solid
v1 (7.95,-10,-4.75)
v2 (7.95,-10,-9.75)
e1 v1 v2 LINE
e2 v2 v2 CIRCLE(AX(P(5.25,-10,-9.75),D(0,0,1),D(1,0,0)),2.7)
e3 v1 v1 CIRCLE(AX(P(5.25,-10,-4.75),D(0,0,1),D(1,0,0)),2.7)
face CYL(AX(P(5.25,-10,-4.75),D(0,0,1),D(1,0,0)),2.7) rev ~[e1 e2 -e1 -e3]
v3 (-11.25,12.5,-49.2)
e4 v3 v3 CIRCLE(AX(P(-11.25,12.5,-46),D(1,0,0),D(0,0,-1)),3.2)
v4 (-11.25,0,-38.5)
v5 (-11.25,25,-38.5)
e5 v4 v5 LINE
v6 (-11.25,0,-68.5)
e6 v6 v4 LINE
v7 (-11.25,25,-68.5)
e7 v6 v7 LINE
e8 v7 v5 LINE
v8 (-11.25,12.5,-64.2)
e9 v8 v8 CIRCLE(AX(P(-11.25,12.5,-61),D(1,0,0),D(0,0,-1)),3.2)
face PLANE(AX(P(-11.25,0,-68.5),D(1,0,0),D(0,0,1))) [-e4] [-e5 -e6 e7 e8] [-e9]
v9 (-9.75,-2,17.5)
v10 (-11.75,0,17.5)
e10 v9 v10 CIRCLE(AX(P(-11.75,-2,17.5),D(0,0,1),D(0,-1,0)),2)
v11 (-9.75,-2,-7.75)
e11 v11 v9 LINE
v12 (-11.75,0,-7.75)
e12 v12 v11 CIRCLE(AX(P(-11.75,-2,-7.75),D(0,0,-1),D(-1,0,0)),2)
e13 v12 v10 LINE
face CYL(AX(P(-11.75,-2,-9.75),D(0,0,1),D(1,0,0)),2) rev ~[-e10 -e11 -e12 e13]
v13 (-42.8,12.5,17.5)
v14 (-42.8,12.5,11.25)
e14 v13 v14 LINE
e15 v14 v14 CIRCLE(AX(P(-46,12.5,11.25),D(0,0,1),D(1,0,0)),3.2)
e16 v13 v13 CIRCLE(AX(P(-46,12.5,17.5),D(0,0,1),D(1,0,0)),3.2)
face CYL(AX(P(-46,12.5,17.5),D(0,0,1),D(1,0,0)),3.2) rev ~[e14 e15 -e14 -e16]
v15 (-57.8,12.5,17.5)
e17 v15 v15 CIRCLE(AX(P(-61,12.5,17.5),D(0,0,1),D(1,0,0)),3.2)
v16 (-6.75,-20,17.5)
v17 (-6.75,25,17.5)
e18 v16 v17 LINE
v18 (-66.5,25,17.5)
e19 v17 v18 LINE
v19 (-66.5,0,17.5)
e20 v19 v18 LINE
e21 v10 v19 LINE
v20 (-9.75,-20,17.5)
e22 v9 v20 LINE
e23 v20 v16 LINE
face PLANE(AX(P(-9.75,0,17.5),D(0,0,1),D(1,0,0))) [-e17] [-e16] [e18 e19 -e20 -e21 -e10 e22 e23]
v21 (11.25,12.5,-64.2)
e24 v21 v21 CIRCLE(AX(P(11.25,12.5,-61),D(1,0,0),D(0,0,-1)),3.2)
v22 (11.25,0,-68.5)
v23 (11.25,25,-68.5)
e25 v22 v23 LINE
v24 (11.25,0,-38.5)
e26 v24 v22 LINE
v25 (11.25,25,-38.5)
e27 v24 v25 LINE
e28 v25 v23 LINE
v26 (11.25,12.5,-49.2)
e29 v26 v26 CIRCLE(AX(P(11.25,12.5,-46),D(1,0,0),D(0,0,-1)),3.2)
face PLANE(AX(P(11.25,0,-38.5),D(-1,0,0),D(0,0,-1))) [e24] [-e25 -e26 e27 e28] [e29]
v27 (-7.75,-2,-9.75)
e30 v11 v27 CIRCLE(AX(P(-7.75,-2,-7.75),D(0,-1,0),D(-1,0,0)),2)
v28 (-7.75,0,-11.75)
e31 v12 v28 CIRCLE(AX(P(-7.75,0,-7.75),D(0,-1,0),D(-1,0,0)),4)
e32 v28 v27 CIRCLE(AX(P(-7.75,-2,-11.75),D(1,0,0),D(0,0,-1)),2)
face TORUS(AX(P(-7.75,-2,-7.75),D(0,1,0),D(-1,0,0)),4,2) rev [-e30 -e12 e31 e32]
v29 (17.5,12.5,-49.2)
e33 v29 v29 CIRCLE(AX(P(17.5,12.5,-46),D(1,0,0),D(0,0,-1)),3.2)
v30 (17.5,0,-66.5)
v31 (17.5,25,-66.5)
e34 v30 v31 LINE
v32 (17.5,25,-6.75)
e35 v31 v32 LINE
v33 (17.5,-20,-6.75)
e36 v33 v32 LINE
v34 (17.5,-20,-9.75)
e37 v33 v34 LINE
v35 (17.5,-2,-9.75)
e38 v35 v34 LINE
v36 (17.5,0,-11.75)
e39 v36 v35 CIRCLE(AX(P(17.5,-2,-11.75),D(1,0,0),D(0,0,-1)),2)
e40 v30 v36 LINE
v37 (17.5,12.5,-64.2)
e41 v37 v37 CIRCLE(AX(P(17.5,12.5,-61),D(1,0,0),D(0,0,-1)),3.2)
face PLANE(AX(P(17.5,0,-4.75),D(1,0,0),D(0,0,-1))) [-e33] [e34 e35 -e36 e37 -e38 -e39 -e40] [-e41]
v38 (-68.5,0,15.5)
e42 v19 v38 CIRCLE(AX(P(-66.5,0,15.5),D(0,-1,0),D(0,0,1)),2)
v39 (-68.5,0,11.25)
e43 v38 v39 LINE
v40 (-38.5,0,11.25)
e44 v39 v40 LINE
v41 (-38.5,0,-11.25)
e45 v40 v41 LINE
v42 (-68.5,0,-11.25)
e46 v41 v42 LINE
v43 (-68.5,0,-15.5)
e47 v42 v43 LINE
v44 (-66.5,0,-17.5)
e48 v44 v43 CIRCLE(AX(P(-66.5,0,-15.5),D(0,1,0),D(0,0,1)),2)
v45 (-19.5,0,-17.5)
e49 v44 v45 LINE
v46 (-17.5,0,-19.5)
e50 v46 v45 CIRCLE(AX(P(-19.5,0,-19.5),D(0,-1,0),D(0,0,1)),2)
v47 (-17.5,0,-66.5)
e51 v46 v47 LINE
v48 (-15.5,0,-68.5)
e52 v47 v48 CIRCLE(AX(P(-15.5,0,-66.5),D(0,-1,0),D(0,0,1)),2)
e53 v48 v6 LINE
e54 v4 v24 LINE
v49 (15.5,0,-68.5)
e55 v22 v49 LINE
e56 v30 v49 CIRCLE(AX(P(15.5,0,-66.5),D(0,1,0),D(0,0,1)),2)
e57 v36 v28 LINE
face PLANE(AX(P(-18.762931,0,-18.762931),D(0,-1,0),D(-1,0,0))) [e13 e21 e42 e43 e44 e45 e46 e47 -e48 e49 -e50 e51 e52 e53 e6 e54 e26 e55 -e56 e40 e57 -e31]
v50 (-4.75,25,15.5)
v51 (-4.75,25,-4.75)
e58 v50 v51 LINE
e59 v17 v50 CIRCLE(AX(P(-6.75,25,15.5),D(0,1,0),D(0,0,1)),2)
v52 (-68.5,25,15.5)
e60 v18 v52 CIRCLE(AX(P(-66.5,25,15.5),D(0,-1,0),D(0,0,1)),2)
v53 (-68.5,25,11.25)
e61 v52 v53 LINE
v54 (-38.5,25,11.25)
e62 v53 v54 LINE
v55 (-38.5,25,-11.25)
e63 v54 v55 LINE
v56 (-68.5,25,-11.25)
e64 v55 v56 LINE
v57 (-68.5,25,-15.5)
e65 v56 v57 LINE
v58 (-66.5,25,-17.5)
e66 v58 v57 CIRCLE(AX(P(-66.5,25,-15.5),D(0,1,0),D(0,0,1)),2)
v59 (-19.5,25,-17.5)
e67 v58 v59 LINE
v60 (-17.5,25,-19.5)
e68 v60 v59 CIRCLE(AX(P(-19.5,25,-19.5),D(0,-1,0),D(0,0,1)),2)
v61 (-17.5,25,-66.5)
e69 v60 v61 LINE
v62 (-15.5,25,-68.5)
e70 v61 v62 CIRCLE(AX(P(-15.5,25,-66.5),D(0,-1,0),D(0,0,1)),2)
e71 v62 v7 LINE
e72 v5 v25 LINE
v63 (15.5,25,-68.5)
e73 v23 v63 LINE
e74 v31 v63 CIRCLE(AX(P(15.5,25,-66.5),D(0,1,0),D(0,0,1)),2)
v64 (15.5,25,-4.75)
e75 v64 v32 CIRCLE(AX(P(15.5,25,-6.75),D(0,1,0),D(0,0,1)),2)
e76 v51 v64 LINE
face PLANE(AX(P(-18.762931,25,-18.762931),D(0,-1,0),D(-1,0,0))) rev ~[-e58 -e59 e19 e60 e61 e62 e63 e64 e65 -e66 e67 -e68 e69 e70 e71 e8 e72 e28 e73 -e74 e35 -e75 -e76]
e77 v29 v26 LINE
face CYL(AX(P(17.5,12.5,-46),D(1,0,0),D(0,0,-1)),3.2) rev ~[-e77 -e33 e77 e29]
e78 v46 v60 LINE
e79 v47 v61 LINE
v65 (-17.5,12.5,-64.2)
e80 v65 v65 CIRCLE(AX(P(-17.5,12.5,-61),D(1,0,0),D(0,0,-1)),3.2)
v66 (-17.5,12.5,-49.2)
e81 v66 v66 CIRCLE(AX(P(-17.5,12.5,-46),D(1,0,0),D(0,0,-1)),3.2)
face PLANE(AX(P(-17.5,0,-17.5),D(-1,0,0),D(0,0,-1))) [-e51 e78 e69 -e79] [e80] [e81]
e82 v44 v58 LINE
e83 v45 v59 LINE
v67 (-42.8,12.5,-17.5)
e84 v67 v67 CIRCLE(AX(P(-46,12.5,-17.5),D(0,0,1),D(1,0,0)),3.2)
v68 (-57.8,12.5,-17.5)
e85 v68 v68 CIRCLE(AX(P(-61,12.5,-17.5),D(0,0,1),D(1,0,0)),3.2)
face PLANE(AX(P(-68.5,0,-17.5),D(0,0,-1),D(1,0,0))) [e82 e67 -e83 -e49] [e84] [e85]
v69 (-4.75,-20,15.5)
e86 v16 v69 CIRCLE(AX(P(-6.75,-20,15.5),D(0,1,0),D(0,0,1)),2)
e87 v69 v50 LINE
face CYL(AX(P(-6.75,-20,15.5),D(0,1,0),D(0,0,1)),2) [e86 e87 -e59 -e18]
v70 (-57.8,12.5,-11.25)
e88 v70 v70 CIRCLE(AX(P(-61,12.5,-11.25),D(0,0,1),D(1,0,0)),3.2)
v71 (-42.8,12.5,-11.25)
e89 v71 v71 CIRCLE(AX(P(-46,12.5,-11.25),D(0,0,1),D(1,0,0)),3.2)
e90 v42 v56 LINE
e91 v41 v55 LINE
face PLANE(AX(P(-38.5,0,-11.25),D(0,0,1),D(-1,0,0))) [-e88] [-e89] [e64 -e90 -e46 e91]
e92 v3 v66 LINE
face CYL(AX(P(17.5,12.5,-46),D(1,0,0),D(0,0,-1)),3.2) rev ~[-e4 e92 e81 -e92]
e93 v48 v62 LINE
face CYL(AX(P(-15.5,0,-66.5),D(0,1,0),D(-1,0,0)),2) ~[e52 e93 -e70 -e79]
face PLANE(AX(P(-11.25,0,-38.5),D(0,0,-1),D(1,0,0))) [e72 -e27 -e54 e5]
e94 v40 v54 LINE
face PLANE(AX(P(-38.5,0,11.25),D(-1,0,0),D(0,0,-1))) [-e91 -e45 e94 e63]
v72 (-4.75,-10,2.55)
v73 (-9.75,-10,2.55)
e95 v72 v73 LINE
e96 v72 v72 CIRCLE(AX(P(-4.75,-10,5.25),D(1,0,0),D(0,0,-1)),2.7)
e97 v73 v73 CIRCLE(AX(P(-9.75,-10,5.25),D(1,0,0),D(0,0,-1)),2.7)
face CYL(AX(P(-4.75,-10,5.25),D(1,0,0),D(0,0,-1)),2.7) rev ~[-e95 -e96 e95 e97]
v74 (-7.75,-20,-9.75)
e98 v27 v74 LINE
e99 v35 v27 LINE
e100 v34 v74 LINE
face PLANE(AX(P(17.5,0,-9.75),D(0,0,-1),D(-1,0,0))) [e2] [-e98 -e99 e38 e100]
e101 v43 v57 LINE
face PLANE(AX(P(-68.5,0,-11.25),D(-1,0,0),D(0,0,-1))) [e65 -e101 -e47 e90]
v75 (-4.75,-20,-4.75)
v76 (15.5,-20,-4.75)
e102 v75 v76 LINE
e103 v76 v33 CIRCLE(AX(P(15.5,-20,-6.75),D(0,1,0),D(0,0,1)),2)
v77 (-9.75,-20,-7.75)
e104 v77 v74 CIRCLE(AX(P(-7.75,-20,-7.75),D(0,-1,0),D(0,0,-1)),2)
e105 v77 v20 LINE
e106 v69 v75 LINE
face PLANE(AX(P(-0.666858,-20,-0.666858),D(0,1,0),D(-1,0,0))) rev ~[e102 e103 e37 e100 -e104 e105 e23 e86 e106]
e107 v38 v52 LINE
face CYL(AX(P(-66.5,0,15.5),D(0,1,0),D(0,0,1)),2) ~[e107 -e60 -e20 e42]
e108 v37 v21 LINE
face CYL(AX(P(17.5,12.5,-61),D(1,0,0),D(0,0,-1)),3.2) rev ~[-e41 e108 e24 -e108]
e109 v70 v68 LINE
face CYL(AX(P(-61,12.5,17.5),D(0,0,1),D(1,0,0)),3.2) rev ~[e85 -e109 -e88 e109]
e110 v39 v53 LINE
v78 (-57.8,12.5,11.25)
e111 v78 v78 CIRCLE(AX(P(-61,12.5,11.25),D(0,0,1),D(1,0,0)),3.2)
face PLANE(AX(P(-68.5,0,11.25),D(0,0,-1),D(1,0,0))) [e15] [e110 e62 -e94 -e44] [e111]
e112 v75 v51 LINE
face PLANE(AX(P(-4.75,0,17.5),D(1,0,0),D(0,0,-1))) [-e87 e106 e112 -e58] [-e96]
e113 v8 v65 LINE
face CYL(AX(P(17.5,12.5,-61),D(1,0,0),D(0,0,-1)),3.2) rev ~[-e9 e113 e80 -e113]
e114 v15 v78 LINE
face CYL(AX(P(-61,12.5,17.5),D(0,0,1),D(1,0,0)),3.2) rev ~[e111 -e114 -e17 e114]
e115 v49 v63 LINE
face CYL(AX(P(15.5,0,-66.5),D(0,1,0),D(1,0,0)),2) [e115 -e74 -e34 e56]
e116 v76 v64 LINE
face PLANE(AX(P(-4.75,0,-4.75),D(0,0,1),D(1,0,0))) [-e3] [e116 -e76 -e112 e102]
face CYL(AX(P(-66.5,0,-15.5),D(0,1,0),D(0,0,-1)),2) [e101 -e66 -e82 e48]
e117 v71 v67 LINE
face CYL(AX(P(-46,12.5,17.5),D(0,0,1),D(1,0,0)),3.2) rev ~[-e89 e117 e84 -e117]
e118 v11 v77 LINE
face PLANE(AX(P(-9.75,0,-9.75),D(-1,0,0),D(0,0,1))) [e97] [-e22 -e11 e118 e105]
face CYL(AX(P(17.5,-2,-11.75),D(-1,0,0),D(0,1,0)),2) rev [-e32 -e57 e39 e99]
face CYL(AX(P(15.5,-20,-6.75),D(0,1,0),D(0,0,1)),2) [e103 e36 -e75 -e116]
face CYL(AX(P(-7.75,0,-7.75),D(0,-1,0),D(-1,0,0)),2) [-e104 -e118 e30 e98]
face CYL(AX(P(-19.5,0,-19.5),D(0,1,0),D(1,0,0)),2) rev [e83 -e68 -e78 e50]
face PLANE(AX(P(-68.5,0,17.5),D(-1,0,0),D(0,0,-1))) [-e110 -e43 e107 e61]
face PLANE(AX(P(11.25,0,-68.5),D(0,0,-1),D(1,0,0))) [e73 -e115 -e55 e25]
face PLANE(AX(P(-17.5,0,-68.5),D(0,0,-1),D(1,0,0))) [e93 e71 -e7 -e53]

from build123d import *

# Parameters (mm, degrees)
EXTRUDE_1_DEPTH     = 25
SKETCH_2_R          = 3.2
CUT_EXTRUDE_1_DEPTH = 35
SKETCH_3_R          = 3.2
CUT_EXTRUDE_2_DEPTH = 35
SKETCH_5_W          = 22.25
SKETCH_5_H          = 22.25
CUT_EXTRUDE_4_DEPTH = 25
EXTRUDE_2_DEPTH     = 20
SKETCH_7_R          = 2.7
CUT_EXTRUDE_5_DEPTH = 5
SKETCH_8_R          = 2.7
CUT_EXTRUDE_6_DEPTH = 5
FILLET_1_R          = 2


with BuildPart() as part:
    # 스케치1 → 보스-돌출1 (new body)
    with BuildSketch(Plane(origin=(0, 0, 0), x_dir=(1, 0, 0), z_dir=(0, 1, 0))):
        Polygon((-17.5, 68.5), (-11.25, 68.5), (-11.25, 38.5), (11.25, 38.5), (11.25, 68.5), (17.5, 68.5), (17.5, -17.5), (-68.5, -17.5), (-68.5, -11.25), (-38.5, -11.25), (-38.5, 11.25), (-68.5, 11.25), (-68.5, 17.5), (-17.5, 17.5), align=None)
    extrude(amount=EXTRUDE_1_DEPTH)

    # 스케치2 → 컷-돌출1 (cut)
    with BuildSketch(Plane(origin=(17.5, 0, 0), x_dir=(0, 0, -1), z_dir=(1, 0, 0))):
        with Locations((61, 12.5)):
            Circle(SKETCH_2_R)
        with Locations((46, 12.5)):
            Circle(SKETCH_2_R)
    extrude(amount=-CUT_EXTRUDE_1_DEPTH, mode=Mode.SUBTRACT)

    # 스케치3 → 컷-돌출2 (cut)
    with BuildSketch(Plane.XY.offset(17.5)):
        with Locations((-61, 12.5)):
            Circle(SKETCH_3_R)
        with Locations((-46, 12.5)):
            Circle(SKETCH_3_R)
    extrude(amount=-CUT_EXTRUDE_2_DEPTH, mode=Mode.SUBTRACT)

    # 스케치5 → 컷-돌출4 (cut)
    with BuildSketch(Plane(origin=(0, 25, 0), x_dir=(1, 0, 0), z_dir=(0, 1, 0))):
        with Locations((6.375, -6.375)):
            Rectangle(SKETCH_5_W, SKETCH_5_H)
    extrude(amount=-CUT_EXTRUDE_4_DEPTH, mode=Mode.SUBTRACT)

    # 스케치6 → 보스-돌출2 (add)
    with BuildSketch(Plane.XZ):
        Polygon((-9.75, 17.5), (-4.75, 17.5), (-4.75, -4.75), (17.5, -4.75), (17.5, -9.75), (-9.75, -9.75), align=None)
    extrude(amount=EXTRUDE_2_DEPTH)

    # 스케치7 → 컷-돌출5 (cut)
    with BuildSketch(Plane(origin=(-4.75, 0, 0), x_dir=(0, 0, -1), z_dir=(1, 0, 0))):
        with Locations((-5.25, -10)):
            Circle(SKETCH_7_R)
    extrude(amount=-CUT_EXTRUDE_5_DEPTH, mode=Mode.SUBTRACT)

    # 스케치8 → 컷-돌출6 (cut)
    with BuildSketch(Plane.XY.offset(-4.75)):
        with Locations((5.25, -10)):
            Circle(SKETCH_8_R)
    extrude(amount=-CUT_EXTRUDE_6_DEPTH, mode=Mode.SUBTRACT)

    # 필렛1
    fillet_1_edges = [part.edges().sort_by_distance(p)[0] for p in [
        (-17.5, 12.5, -68.5),
        (17.5, 12.5, -68.5),
        (-68.5, 12.5, 17.5),
        (-68.5, 12.5, -17.5),
        (-17.5, 12.5, -17.5),
        (-4.75, 2.5, 17.5),
        (17.5, 2.5, -4.75),
        (-9.75, 0, 3.875),
        (3.875, 0, -9.75),
        (-9.75, -10, -9.75),
    ]]
    fillet(fillet_1_edges, radius=FILLET_1_R)


solid = part.part
